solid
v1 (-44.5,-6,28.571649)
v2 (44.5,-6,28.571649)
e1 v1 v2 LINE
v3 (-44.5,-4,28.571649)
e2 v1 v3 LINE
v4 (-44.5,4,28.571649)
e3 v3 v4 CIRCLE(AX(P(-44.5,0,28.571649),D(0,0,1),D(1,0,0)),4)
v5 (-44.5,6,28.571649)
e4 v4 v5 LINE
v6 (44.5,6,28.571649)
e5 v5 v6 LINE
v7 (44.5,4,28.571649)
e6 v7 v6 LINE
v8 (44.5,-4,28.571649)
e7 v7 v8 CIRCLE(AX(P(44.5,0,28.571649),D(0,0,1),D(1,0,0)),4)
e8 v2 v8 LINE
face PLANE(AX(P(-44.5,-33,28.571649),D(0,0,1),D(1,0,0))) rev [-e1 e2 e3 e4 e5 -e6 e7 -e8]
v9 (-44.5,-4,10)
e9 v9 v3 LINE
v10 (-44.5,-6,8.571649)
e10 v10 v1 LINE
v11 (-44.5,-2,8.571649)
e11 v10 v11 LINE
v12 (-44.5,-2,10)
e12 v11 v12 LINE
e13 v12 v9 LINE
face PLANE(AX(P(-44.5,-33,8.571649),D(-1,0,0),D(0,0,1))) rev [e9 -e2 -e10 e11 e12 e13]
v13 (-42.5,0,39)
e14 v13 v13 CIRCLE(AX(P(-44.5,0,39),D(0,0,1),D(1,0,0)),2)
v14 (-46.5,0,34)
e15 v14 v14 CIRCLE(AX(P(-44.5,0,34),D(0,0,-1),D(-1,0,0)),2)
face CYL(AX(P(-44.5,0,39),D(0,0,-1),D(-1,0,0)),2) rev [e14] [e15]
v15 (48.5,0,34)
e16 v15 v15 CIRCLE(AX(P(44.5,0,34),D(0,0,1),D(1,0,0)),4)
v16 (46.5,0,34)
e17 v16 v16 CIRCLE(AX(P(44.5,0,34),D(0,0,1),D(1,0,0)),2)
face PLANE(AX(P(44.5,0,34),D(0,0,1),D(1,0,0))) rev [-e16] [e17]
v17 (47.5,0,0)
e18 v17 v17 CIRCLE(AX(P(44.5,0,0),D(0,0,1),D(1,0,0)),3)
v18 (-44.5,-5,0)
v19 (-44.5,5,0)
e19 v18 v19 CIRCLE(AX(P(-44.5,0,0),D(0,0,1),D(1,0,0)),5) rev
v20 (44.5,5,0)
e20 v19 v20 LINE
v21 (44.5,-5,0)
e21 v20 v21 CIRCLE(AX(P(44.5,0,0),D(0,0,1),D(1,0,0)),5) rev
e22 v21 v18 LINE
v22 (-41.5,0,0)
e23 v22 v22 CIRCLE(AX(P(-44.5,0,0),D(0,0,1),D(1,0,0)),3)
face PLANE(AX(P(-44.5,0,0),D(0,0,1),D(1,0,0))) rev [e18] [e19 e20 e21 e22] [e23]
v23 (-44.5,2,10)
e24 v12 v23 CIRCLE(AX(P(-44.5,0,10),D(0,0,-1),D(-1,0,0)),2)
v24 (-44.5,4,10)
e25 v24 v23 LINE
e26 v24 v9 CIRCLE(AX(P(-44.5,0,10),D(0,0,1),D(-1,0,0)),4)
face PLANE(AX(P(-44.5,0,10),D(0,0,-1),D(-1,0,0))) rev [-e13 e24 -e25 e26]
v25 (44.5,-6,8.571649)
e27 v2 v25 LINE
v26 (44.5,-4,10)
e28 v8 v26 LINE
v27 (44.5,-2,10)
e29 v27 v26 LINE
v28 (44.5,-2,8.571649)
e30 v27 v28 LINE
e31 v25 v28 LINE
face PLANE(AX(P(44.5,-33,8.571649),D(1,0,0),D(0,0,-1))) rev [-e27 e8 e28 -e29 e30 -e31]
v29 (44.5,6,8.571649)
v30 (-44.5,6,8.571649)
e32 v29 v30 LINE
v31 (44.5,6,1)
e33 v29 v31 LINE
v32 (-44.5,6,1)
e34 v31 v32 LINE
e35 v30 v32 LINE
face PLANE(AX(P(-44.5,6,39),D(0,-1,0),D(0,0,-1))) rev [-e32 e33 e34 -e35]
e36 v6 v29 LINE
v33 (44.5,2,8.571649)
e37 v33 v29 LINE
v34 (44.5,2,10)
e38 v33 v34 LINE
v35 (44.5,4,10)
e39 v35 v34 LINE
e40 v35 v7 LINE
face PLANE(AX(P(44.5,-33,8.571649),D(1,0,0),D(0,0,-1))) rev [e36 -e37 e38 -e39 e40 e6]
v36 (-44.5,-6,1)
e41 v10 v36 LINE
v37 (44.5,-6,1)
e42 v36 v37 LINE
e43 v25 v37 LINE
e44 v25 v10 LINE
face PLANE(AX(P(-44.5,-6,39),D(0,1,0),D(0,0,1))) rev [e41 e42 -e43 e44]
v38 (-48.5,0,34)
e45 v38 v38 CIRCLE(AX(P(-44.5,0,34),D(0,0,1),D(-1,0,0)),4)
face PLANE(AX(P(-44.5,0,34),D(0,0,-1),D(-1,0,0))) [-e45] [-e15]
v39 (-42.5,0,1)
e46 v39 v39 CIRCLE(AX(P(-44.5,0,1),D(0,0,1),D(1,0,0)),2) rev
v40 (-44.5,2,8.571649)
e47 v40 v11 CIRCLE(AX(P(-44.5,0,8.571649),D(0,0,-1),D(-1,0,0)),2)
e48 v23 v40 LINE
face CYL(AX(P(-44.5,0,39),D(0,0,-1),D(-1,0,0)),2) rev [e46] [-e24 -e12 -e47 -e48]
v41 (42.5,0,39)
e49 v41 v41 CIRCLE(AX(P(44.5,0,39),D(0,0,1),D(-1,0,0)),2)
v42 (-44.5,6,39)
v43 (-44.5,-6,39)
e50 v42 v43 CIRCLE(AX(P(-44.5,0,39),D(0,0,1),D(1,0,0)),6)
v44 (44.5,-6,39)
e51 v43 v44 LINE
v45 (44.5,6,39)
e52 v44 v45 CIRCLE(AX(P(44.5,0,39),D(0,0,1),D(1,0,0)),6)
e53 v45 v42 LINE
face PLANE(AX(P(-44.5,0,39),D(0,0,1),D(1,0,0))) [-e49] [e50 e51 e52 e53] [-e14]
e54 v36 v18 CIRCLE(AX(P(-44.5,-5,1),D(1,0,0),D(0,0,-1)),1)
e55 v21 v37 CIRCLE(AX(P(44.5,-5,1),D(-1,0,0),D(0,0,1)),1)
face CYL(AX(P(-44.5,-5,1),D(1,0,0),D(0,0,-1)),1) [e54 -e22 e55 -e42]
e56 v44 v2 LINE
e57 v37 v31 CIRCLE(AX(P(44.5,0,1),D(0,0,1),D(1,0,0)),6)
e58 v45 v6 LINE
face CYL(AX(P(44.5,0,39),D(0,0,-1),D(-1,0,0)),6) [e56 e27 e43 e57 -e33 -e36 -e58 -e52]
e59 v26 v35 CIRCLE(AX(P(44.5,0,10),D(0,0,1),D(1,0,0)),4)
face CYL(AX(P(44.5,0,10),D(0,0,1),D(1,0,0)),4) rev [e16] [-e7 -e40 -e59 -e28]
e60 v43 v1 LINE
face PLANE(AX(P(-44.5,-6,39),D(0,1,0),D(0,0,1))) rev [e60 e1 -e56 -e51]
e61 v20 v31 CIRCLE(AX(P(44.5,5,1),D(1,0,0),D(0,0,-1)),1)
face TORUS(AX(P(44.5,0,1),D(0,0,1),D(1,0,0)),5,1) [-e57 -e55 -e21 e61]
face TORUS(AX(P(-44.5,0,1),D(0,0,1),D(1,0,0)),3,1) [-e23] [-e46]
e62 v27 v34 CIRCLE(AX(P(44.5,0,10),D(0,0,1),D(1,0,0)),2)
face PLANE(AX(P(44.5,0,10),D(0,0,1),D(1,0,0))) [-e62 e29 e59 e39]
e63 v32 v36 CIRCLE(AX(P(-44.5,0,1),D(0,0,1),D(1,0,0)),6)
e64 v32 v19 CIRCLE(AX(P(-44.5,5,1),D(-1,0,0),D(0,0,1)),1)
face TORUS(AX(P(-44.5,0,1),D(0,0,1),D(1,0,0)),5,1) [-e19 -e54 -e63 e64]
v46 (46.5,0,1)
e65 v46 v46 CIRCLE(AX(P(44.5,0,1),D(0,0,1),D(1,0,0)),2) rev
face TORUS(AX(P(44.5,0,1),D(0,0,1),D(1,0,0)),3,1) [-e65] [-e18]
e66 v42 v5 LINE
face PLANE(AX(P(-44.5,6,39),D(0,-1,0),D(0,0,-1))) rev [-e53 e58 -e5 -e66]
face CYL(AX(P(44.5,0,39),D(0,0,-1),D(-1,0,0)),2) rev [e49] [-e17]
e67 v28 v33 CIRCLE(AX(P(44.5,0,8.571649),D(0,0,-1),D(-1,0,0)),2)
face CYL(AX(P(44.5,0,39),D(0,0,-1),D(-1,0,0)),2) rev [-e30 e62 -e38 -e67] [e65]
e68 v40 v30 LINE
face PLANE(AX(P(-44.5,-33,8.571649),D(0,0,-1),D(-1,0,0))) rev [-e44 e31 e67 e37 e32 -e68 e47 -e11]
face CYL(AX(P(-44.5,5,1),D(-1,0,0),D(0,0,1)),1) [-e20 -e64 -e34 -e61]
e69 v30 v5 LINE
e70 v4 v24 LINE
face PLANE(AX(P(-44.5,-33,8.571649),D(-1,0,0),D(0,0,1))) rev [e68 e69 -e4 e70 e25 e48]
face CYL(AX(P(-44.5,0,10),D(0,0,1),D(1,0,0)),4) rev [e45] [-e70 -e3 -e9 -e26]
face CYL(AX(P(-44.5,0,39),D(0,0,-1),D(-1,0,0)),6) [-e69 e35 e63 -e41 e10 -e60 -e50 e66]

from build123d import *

# Parameters (mm, degrees)
CROQUIS1_R              = 2
SALIENTE_EXTRUIR1_DEPTH = 39
CROQUIS2_W              = 89
CROQUIS2_H              = 20
CORTAR_EXTRUIR1_DEPTH   = 39
CORTAR_EXTRUIR2_START   = -5
CROQUIS4_R              = 4
CORTAR_EXTRUIR2_DEPTH   = 24
REDONDEO1_R             = 1


with BuildPart() as part:
    # Croquis1 → Saliente-Extruir1 (new body)
    with BuildSketch(Plane.XY):
        with BuildLine():
            Line((-44.5, 6), (44.5, 6))
            ThreePointArc((44.5, 6), (50.5, 0), (44.5, -6))
            Line((44.5, -6), (-44.5, -6))
            ThreePointArc((-44.5, -6), (-50.5, 0), (-44.5, 6))
        make_face()
        with Locations((-44.5, 0)):
            Circle(CROQUIS1_R, mode=Mode.SUBTRACT)
        with Locations(Location((44.5, 0, 0), (0, 0, 180))):
            Circle(CROQUIS1_R, mode=Mode.SUBTRACT)
    extrude(amount=SALIENTE_EXTRUIR1_DEPTH)

    # Croquis2 → Cortar-Extruir1 (cut)
    with BuildSketch(Plane(origin=(0, 6, 0), x_dir=(1, 0, 0), z_dir=(0, 1, 0))):
        with Locations((0, -18.571649076)):
            Rectangle(CROQUIS2_W, CROQUIS2_H)
    extrude(amount=-CORTAR_EXTRUIR1_DEPTH, mode=Mode.SUBTRACT)

    # Croquis4 → Cortar-Extruir2 (cut)
    with BuildSketch(Plane.XY.offset(39).offset(CORTAR_EXTRUIR2_START)):
        with Locations((44.5, 0)):
            Circle(CROQUIS4_R)
        with Locations(Location((-44.5, 0, 0), (0, 0, 270))):
            Circle(CROQUIS4_R)
    extrude(amount=-CORTAR_EXTRUIR2_DEPTH, mode=Mode.SUBTRACT)

    # Redondeo1
    redondeo1_edges = [part.edges().sort_by_distance(p)[0] for p in [
        (-46.5, 0, 0),
        (46.5, 0, 0),
        (0, 6, 0),
        (50.5, 0, 0),
        (0, -6, 0),
        (-50.5, 0, 0),
    ]]
    fillet(redondeo1_edges, radius=REDONDEO1_R)


solid = part.part
